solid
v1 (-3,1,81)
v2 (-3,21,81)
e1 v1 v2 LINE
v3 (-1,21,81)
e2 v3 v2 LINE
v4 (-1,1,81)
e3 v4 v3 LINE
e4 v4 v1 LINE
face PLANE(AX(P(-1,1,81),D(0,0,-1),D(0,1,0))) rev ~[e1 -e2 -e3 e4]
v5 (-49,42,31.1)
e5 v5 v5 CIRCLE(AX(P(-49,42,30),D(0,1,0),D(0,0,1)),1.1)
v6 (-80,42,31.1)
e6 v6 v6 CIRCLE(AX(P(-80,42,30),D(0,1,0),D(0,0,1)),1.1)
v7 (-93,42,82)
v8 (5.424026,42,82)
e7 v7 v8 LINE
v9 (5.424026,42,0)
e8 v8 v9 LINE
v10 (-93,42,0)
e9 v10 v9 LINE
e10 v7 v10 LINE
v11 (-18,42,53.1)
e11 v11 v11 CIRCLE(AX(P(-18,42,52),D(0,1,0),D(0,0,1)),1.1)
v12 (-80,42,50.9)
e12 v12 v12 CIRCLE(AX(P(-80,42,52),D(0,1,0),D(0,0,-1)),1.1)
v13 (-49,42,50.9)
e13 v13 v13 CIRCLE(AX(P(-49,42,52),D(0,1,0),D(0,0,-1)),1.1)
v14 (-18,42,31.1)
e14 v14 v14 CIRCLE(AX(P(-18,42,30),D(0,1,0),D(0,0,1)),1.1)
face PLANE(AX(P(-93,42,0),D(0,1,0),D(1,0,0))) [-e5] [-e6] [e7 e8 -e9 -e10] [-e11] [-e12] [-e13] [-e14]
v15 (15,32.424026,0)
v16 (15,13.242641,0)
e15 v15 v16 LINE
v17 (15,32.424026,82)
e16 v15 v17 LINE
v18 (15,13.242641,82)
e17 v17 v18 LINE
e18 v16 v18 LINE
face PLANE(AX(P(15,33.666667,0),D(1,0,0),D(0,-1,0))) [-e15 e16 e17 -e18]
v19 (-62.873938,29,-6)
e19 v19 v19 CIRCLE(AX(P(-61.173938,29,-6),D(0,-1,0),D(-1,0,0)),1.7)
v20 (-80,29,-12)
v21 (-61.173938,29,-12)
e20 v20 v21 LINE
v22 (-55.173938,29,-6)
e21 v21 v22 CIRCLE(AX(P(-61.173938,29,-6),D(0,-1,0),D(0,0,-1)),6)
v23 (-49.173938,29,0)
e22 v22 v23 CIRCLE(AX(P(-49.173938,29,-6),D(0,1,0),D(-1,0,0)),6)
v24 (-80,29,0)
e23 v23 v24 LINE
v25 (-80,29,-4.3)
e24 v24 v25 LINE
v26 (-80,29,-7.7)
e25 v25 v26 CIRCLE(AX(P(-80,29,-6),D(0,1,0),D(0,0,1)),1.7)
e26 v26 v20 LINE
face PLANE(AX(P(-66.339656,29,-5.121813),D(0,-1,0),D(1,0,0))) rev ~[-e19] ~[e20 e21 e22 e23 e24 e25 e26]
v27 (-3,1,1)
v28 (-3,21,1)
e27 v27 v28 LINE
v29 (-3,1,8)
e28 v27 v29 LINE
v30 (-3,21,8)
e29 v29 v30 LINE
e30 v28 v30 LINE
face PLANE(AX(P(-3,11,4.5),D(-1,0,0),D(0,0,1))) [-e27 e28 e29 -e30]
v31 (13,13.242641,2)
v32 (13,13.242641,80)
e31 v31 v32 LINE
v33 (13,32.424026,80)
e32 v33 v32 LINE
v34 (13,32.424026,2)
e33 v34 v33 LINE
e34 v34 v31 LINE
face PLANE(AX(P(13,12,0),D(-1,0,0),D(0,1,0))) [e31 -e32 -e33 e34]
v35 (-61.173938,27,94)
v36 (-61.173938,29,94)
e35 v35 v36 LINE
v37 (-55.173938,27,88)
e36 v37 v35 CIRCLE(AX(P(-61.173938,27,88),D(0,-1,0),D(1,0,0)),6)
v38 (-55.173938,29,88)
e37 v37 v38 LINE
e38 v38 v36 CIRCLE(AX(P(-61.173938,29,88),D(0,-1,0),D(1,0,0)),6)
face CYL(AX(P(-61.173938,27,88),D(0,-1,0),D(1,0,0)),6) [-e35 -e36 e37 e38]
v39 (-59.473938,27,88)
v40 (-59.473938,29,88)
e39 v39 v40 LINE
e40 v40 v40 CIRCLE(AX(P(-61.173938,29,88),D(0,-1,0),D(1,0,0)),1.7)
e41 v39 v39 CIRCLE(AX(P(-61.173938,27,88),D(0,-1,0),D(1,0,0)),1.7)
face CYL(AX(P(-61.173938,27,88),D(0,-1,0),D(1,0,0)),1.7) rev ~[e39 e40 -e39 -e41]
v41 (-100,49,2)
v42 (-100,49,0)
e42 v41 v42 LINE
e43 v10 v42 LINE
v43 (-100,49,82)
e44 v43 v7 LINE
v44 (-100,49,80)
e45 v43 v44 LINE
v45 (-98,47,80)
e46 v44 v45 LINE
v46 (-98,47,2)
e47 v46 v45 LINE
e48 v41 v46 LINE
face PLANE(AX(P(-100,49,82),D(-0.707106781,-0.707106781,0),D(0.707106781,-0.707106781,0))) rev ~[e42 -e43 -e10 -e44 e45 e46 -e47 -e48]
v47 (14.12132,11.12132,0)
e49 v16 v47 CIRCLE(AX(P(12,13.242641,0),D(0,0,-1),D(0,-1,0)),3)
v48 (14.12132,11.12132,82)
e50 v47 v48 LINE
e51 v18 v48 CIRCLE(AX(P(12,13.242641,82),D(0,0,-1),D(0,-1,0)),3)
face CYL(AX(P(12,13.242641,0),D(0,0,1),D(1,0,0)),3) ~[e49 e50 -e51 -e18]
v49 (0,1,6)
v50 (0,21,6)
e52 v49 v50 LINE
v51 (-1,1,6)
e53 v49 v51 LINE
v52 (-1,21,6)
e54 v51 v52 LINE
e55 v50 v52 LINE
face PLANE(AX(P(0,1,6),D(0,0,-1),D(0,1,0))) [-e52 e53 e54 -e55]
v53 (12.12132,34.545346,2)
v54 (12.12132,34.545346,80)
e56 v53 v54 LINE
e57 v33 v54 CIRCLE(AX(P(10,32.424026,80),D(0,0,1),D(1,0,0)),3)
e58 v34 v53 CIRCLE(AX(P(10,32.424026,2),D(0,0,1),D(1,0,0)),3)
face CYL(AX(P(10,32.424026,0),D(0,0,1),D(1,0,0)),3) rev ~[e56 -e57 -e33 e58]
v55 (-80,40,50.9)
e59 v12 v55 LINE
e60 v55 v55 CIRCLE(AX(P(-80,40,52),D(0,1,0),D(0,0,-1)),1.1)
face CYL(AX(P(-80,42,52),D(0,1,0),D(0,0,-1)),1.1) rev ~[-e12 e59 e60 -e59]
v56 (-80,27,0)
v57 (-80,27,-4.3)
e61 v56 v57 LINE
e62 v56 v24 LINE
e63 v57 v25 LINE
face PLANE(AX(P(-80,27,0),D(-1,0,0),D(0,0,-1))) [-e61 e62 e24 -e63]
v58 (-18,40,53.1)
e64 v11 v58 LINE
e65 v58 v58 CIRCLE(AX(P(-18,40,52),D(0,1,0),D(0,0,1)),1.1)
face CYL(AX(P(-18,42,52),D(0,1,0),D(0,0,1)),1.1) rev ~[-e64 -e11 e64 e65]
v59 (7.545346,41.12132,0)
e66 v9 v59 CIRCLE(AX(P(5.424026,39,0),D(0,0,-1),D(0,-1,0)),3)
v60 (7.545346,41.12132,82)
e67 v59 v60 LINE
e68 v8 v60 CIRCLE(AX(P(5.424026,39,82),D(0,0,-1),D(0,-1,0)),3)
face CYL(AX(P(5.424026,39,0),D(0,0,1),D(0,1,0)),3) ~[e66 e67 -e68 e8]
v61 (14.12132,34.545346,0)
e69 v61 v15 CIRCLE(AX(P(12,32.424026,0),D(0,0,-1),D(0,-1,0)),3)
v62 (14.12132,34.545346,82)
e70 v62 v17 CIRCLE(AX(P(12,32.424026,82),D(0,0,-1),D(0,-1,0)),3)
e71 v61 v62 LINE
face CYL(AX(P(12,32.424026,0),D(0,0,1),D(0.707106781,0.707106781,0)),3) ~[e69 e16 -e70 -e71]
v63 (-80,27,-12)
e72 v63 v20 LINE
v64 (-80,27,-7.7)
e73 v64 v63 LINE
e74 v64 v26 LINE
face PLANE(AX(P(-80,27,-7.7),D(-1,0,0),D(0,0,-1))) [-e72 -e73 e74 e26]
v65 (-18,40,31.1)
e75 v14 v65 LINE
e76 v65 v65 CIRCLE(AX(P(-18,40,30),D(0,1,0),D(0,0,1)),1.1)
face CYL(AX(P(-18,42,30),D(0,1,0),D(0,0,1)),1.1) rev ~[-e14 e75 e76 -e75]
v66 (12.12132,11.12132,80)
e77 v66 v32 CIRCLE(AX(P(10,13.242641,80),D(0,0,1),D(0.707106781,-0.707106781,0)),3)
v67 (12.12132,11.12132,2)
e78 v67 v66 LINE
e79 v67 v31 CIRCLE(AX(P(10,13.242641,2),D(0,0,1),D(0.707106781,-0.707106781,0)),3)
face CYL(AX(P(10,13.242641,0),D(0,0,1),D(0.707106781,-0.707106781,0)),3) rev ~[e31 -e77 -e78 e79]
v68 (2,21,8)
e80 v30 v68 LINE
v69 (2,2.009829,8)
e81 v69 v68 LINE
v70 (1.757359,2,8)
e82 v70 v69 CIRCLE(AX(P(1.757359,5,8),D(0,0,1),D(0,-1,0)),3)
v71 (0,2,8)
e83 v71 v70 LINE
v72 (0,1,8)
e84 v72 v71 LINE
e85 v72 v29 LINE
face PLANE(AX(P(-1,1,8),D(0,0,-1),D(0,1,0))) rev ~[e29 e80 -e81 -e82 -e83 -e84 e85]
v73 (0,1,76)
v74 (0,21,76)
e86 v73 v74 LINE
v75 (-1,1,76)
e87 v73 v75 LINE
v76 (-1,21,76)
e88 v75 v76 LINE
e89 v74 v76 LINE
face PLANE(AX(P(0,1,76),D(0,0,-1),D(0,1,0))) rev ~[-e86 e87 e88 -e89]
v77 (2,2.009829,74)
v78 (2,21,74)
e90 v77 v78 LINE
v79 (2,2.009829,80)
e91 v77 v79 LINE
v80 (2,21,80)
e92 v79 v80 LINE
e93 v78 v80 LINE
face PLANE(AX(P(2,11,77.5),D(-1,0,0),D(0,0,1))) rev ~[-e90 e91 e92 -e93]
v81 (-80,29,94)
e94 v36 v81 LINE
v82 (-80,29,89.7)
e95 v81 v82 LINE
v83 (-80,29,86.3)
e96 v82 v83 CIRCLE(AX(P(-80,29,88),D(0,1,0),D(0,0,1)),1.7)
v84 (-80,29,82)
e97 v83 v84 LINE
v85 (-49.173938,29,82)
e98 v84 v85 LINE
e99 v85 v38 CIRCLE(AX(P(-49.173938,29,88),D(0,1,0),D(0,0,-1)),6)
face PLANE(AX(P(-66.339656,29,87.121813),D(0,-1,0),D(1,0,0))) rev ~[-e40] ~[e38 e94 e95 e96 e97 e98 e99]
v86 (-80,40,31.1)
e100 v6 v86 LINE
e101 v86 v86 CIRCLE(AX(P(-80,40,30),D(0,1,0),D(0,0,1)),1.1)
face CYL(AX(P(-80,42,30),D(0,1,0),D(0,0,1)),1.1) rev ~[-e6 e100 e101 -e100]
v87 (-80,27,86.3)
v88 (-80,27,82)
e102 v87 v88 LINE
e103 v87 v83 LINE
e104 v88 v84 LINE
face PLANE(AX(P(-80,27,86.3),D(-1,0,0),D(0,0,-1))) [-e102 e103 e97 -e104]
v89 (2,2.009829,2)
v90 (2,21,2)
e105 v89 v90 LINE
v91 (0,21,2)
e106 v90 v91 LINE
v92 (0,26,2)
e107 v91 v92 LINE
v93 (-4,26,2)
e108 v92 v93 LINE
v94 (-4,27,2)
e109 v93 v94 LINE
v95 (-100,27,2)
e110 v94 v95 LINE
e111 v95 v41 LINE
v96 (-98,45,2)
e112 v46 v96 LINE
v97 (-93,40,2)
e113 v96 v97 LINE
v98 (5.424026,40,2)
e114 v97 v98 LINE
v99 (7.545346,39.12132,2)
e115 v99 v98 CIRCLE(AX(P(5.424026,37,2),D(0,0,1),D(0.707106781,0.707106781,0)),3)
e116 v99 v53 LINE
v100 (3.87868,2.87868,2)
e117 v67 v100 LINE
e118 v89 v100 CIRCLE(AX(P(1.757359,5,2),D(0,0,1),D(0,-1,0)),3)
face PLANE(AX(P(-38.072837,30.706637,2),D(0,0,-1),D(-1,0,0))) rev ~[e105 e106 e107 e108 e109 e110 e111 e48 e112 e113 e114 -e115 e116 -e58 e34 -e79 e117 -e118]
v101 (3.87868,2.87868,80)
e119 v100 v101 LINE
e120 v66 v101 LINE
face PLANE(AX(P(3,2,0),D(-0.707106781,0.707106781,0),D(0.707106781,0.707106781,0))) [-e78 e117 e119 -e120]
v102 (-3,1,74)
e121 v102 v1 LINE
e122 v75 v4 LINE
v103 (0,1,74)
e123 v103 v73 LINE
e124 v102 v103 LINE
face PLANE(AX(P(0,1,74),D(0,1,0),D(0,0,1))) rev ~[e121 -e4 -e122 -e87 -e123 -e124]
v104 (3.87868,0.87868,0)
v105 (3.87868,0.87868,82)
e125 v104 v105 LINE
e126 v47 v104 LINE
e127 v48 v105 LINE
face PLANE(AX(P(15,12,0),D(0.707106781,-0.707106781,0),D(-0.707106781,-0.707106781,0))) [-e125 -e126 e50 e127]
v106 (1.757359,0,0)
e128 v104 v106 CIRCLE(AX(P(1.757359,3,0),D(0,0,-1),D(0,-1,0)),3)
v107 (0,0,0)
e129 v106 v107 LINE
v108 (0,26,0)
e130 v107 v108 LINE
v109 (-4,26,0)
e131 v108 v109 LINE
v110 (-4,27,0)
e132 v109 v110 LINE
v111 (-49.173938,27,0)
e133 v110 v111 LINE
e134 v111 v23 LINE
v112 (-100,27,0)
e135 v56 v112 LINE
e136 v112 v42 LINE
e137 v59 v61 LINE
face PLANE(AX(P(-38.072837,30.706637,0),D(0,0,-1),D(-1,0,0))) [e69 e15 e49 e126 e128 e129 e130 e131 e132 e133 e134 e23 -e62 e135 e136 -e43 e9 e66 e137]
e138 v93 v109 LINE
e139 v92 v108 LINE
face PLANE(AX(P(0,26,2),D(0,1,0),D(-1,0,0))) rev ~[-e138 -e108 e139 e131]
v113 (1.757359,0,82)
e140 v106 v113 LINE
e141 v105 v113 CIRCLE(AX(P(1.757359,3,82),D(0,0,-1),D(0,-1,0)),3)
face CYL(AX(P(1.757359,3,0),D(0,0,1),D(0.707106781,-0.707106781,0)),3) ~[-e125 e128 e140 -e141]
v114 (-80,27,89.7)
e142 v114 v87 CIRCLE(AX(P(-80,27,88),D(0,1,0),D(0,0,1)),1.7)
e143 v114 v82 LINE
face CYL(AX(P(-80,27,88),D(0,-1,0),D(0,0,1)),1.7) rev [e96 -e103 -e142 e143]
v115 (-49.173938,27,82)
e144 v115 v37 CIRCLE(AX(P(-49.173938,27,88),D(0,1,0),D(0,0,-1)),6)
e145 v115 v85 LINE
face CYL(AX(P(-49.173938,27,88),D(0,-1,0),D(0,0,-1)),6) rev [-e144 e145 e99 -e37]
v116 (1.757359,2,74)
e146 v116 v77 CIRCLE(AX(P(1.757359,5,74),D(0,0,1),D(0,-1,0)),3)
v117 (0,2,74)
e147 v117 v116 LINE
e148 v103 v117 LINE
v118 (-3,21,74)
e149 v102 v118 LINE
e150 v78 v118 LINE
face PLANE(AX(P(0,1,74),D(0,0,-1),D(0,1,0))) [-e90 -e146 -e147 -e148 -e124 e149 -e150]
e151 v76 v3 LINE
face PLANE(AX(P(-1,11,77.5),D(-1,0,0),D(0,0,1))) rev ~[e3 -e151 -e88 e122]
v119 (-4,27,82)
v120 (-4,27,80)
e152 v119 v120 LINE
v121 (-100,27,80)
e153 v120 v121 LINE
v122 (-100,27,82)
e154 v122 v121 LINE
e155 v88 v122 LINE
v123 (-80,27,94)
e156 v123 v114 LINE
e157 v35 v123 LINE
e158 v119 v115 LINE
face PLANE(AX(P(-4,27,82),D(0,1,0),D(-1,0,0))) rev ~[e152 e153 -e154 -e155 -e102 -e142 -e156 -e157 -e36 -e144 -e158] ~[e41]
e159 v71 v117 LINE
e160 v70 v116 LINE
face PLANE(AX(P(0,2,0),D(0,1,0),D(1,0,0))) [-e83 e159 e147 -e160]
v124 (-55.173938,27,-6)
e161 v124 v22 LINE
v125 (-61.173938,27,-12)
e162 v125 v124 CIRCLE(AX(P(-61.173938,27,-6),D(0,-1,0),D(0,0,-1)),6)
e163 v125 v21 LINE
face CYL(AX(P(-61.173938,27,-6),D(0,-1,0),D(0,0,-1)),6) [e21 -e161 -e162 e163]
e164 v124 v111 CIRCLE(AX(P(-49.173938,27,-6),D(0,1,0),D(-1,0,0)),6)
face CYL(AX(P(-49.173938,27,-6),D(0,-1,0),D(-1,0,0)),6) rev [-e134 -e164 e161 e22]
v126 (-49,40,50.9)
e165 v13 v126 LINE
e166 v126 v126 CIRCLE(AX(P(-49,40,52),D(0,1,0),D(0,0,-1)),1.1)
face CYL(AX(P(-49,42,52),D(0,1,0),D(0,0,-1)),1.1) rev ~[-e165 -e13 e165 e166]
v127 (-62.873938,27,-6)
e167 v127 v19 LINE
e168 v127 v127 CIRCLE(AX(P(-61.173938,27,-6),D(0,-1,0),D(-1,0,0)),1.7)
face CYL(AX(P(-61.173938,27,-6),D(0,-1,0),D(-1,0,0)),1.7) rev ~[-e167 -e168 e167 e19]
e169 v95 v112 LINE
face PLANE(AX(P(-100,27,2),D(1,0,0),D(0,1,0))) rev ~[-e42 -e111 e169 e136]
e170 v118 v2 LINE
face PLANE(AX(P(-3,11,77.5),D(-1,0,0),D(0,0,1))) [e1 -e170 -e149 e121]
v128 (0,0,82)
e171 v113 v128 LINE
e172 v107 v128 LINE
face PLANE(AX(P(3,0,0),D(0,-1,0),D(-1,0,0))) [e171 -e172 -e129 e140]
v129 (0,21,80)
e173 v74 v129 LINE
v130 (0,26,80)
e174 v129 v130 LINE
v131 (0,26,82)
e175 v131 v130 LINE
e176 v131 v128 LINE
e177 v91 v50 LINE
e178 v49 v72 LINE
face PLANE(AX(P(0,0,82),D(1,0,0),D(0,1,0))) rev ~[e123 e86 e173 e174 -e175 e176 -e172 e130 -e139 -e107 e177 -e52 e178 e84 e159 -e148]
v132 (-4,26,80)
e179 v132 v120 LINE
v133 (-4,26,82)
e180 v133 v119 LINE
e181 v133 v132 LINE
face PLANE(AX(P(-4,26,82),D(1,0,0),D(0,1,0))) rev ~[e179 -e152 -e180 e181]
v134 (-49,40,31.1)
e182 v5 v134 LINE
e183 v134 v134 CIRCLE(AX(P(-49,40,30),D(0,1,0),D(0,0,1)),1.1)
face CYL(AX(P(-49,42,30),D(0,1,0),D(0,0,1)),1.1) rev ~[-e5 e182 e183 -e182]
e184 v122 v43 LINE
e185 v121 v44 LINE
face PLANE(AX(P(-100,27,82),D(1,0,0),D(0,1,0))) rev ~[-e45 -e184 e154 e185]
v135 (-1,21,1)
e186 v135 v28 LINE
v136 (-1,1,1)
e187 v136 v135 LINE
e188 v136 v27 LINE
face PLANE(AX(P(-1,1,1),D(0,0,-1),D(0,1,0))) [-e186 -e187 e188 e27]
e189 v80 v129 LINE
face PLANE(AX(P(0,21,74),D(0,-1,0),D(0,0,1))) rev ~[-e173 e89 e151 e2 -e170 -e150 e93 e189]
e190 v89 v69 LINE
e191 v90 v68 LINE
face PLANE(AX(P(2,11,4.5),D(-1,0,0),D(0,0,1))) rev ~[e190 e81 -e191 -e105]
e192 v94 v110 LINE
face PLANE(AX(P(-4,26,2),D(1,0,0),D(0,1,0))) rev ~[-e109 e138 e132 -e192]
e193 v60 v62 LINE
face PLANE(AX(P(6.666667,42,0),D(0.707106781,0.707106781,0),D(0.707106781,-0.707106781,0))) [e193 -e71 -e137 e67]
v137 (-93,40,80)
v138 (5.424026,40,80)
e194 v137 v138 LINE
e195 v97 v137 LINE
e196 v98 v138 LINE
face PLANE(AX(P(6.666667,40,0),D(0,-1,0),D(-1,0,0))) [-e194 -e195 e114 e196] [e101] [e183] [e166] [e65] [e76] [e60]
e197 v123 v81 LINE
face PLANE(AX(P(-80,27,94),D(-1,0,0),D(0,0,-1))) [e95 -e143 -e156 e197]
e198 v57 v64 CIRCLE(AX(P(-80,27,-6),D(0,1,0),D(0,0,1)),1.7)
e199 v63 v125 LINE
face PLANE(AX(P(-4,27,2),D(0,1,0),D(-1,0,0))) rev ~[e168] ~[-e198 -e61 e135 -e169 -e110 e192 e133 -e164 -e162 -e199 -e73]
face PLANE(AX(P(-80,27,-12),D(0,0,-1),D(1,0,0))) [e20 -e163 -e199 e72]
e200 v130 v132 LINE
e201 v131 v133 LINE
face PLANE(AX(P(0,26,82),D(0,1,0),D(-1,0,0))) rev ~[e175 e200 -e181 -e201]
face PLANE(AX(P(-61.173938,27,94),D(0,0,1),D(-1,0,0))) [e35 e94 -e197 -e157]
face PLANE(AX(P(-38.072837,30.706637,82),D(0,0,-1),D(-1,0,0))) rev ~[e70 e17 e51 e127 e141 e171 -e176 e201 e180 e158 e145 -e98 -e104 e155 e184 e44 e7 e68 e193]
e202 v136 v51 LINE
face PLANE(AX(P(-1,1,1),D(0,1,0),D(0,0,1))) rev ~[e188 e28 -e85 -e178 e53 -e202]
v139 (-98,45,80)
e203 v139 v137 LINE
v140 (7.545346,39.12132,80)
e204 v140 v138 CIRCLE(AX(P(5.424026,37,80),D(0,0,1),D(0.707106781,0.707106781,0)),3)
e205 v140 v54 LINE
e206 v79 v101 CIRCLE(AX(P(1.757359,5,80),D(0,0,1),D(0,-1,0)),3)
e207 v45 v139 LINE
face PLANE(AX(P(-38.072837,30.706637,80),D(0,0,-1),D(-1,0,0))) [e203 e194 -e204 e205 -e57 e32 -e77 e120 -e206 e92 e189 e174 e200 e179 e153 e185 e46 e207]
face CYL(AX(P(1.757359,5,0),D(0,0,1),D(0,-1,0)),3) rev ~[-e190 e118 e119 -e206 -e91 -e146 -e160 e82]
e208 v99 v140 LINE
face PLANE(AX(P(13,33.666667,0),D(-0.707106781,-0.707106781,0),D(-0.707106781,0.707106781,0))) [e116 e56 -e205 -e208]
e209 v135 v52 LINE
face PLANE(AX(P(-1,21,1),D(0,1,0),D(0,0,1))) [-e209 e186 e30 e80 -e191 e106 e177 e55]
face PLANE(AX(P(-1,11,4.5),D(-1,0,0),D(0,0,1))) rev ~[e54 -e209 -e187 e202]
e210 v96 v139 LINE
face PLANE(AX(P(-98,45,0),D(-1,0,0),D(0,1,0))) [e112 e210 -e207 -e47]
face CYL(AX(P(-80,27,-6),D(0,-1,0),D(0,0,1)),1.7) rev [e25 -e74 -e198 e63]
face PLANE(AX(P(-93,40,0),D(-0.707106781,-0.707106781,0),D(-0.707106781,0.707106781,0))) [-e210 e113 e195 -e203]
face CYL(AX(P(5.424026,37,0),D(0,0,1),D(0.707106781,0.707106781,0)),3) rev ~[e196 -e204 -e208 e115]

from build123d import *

# Parameters (mm, degrees)
EXTRUDE_1_DEPTH     = 82
FILLET_1_R          = 3
EXTRUDE_START       = -2
EXTRUDE_2_DEPTH     = 2
EXTRUDE_START_2     = -82
EXTRUDE_3_DEPTH     = 2
SKETCH_3_W          = 7
SKETCH_3_H          = 20
EXTRUDE_4_DEPTH     = 2
SKETCH_4_W          = 2
SKETCH_4_H          = 20
EXTRUDE_5_DEPTH     = 1
SKETCH_5_W          = 7
SKETCH_5_H          = 20
EXTRUDE_6_DEPTH     = 2
SKETCH_6_R          = 1.7
EXTRUDE_7_DEPTH     = 2
SKETCH_7_R          = 1.1
CUT_EXTRUDE_1_DEPTH = 2


with BuildPart() as part:
    # 草图1 → 凸台-拉伸1 (new body)
    with BuildSketch(Plane.XY):
        Polygon((0, 2), (3, 2), (13, 12), (13, 33.666666667), (6.666666667, 40), (-93, 40), (-98, 45), (-98, 47), (-93, 42), (6.666666667, 42), (15, 33.666666667), (15, 12), (3, 0), (0, 0), align=None)
    extrude(amount=EXTRUDE_1_DEPTH)

    # 圆角1
    fillet_1_edges = [part.edges().sort_by_distance(p)[0] for p in [
        (3, 2, 41),
        (13, 12, 41),
        (13, 33.666666667, 41),
        (6.666666667, 40, 41),
        (6.666666667, 42, 41),
        (15, 33.666666667, 41),
        (15, 12, 41),
        (3, 0, 41),
    ]]
    fillet(fillet_1_edges, radius=FILLET_1_R)

    # 草图2 → 凸台-拉伸2 (add)
    with BuildSketch(Plane(origin=(0, 0, 0), x_dir=(-1, 0, 0), z_dir=(0, 0, -1)).offset(EXTRUDE_START)):
        with BuildLine():
            Line((100, 27), (100, 49))
            Line((100, 49), (93, 42))
            Line((93, 42), (-5.42402598, 42))
            ThreePointArc((-5.42402598, 42), (-6.572076277, 41.771638598), (-7.545346323, 41.121320344))
            Line((-7.545346323, 41.121320344), (-14.121320344, 34.545346323))
            ThreePointArc((-14.121320344, 34.545346323), (-14.771638598, 33.572076277), (-15, 32.42402598))
            Line((-15, 32.42402598), (-15, 13.242640687))
            ThreePointArc((-15, 13.242640687), (-14.771638598, 12.09459039), (-14.121320344, 11.121320344))
            Line((-14.121320344, 11.121320344), (-3.878679656, 0.878679656))
            ThreePointArc((-3.878679656, 0.878679656), (-2.90540961, 0.228361402), (-1.757359313, 0))
            Line((-1.757359313, 0), (0, 0))
            Line((0, 0), (0, 26))
            Line((0, 26), (4, 26))
            Line((4, 26), (4, 27))
            Line((4, 27), (100, 27))
        make_face()
    extrude(amount=EXTRUDE_2_DEPTH)

    # 草图2<2> → 凸台-拉伸3 (add)
    with BuildSketch(Plane(origin=(0, 0, 0), x_dir=(-1, 0, 0), z_dir=(0, 0, -1)).offset(EXTRUDE_START_2)):
        with BuildLine():
            Line((100, 27), (100, 49))
            Line((100, 49), (93, 42))
            Line((93, 42), (-5.42402598, 42))
            ThreePointArc((-5.42402598, 42), (-6.572076277, 41.771638598), (-7.545346323, 41.121320344))
            Line((-7.545346323, 41.121320344), (-14.121320344, 34.545346323))
            ThreePointArc((-14.121320344, 34.545346323), (-14.771638598, 33.572076277), (-15, 32.42402598))
            Line((-15, 32.42402598), (-15, 13.242640687))
            ThreePointArc((-15, 13.242640687), (-14.771638598, 12.09459039), (-14.121320344, 11.121320344))
            Line((-14.121320344, 11.121320344), (-3.878679656, 0.878679656))
            ThreePointArc((-3.878679656, 0.878679656), (-2.90540961, 0.228361402), (-1.757359313, 0))
            Line((-1.757359313, 0), (0, 0))
            Line((0, 0), (0, 26))
            Line((0, 26), (4, 26))
            Line((4, 26), (4, 27))
            Line((4, 27), (100, 27))
        make_face()
    extrude(amount=EXTRUDE_3_DEPTH)

    # 草图3 → 凸台-拉伸4 (add)
    with BuildSketch(Plane.ZY):
        with Locations((4.5, 11)):
            Rectangle(SKETCH_3_W, SKETCH_3_H)
        with Locations((77.5, 11)):
            Rectangle(SKETCH_3_W, SKETCH_3_H)
    extrude(amount=-EXTRUDE_4_DEPTH)

    # 草图4 → 凸台-拉伸5 (add)
    with BuildSketch(Plane.ZY):
        with Locations((7, 11)):
            Rectangle(SKETCH_4_W, SKETCH_4_H)
        with Locations((75, 11)):
            Rectangle(SKETCH_4_W, SKETCH_4_H)
    extrude(amount=EXTRUDE_5_DEPTH)

    # 草图5 → 凸台-拉伸6 (add)
    with BuildSketch(Plane.ZY.offset(1)):
        with Locations((4.5, 11)):
            Rectangle(SKETCH_5_W, SKETCH_5_H)
        with Locations((77.5, 11)):
            Rectangle(SKETCH_5_W, SKETCH_5_H)
    extrude(amount=EXTRUDE_6_DEPTH)

    # 草图6 → 凸台-拉伸7 (add)
    # profile 1 of 2: a face of its own
    with BuildSketch(Plane.XZ.offset(-27)):
        with BuildLine():
            Line((-80, 86.3), (-80, 82))
            Line((-80, 82), (-49.173938425, 82))
            ThreePointArc((-49.173938425, 82), (-53.416579112, 83.757359313), (-55.173938425, 88))
            ThreePointArc((-55.173938425, 88), (-56.931297738, 92.242640687), (-61.173938425, 94))
            Line((-61.173938425, 94), (-80, 94))
            Line((-80, 94), (-80, 89.7))
            ThreePointArc((-80, 89.7), (-78.3, 88), (-80, 86.3))
        make_face()
        with Locations((-61.173938425, 88)):
            Circle(SKETCH_6_R, mode=Mode.SUBTRACT)
    # profile 2 of 2: a face of its own
    with BuildSketch(Plane.XZ.offset(-27)):
        with BuildLine():
            Line((-80, -12), (-61.173938425, -12))
            ThreePointArc((-61.173938425, -12), (-56.931297738, -10.242640687), (-55.173938425, -6))
            ThreePointArc((-55.173938425, -6), (-53.416579112, -1.757359313), (-49.173938425, 0))
            Line((-49.173938425, 0), (-80, 0))
            Line((-80, 0), (-80, -4.3))
            ThreePointArc((-80, -4.3), (-78.3, -6), (-80, -7.7))
            Line((-80, -7.7), (-80, -12))
        make_face()
        with Locations(Location((-61.173938425, -6, 0), (0, 0, 180))):
            Circle(SKETCH_6_R, mode=Mode.SUBTRACT)
    extrude(amount=-EXTRUDE_7_DEPTH)

    # 草图7 → 切除-拉伸1 (cut)
    with BuildSketch(Plane(origin=(0, 42, 0), x_dir=(1, 0, 0), z_dir=(0, 1, 0))):
        with Locations(Location((-49, -30, 0), (0, 0, 270))):
            Circle(SKETCH_7_R)
        with Locations(Location((-80, -30, 0), (0, 0, 270))):
            Circle(SKETCH_7_R)
        with Locations(Location((-80, -52, 0), (0, 0, 90))):
            Circle(SKETCH_7_R)
        with Locations(Location((-49, -52, 0), (0, 0, 90))):
            Circle(SKETCH_7_R)
        with Locations(Location((-18, -30, 0), (0, 0, 270))):
            Circle(SKETCH_7_R)
        with Locations(Location((-18, -52, 0), (0, 0, 270))):
            Circle(SKETCH_7_R)
    extrude(amount=-CUT_EXTRUDE_1_DEPTH, mode=Mode.SUBTRACT)


solid = part.part
